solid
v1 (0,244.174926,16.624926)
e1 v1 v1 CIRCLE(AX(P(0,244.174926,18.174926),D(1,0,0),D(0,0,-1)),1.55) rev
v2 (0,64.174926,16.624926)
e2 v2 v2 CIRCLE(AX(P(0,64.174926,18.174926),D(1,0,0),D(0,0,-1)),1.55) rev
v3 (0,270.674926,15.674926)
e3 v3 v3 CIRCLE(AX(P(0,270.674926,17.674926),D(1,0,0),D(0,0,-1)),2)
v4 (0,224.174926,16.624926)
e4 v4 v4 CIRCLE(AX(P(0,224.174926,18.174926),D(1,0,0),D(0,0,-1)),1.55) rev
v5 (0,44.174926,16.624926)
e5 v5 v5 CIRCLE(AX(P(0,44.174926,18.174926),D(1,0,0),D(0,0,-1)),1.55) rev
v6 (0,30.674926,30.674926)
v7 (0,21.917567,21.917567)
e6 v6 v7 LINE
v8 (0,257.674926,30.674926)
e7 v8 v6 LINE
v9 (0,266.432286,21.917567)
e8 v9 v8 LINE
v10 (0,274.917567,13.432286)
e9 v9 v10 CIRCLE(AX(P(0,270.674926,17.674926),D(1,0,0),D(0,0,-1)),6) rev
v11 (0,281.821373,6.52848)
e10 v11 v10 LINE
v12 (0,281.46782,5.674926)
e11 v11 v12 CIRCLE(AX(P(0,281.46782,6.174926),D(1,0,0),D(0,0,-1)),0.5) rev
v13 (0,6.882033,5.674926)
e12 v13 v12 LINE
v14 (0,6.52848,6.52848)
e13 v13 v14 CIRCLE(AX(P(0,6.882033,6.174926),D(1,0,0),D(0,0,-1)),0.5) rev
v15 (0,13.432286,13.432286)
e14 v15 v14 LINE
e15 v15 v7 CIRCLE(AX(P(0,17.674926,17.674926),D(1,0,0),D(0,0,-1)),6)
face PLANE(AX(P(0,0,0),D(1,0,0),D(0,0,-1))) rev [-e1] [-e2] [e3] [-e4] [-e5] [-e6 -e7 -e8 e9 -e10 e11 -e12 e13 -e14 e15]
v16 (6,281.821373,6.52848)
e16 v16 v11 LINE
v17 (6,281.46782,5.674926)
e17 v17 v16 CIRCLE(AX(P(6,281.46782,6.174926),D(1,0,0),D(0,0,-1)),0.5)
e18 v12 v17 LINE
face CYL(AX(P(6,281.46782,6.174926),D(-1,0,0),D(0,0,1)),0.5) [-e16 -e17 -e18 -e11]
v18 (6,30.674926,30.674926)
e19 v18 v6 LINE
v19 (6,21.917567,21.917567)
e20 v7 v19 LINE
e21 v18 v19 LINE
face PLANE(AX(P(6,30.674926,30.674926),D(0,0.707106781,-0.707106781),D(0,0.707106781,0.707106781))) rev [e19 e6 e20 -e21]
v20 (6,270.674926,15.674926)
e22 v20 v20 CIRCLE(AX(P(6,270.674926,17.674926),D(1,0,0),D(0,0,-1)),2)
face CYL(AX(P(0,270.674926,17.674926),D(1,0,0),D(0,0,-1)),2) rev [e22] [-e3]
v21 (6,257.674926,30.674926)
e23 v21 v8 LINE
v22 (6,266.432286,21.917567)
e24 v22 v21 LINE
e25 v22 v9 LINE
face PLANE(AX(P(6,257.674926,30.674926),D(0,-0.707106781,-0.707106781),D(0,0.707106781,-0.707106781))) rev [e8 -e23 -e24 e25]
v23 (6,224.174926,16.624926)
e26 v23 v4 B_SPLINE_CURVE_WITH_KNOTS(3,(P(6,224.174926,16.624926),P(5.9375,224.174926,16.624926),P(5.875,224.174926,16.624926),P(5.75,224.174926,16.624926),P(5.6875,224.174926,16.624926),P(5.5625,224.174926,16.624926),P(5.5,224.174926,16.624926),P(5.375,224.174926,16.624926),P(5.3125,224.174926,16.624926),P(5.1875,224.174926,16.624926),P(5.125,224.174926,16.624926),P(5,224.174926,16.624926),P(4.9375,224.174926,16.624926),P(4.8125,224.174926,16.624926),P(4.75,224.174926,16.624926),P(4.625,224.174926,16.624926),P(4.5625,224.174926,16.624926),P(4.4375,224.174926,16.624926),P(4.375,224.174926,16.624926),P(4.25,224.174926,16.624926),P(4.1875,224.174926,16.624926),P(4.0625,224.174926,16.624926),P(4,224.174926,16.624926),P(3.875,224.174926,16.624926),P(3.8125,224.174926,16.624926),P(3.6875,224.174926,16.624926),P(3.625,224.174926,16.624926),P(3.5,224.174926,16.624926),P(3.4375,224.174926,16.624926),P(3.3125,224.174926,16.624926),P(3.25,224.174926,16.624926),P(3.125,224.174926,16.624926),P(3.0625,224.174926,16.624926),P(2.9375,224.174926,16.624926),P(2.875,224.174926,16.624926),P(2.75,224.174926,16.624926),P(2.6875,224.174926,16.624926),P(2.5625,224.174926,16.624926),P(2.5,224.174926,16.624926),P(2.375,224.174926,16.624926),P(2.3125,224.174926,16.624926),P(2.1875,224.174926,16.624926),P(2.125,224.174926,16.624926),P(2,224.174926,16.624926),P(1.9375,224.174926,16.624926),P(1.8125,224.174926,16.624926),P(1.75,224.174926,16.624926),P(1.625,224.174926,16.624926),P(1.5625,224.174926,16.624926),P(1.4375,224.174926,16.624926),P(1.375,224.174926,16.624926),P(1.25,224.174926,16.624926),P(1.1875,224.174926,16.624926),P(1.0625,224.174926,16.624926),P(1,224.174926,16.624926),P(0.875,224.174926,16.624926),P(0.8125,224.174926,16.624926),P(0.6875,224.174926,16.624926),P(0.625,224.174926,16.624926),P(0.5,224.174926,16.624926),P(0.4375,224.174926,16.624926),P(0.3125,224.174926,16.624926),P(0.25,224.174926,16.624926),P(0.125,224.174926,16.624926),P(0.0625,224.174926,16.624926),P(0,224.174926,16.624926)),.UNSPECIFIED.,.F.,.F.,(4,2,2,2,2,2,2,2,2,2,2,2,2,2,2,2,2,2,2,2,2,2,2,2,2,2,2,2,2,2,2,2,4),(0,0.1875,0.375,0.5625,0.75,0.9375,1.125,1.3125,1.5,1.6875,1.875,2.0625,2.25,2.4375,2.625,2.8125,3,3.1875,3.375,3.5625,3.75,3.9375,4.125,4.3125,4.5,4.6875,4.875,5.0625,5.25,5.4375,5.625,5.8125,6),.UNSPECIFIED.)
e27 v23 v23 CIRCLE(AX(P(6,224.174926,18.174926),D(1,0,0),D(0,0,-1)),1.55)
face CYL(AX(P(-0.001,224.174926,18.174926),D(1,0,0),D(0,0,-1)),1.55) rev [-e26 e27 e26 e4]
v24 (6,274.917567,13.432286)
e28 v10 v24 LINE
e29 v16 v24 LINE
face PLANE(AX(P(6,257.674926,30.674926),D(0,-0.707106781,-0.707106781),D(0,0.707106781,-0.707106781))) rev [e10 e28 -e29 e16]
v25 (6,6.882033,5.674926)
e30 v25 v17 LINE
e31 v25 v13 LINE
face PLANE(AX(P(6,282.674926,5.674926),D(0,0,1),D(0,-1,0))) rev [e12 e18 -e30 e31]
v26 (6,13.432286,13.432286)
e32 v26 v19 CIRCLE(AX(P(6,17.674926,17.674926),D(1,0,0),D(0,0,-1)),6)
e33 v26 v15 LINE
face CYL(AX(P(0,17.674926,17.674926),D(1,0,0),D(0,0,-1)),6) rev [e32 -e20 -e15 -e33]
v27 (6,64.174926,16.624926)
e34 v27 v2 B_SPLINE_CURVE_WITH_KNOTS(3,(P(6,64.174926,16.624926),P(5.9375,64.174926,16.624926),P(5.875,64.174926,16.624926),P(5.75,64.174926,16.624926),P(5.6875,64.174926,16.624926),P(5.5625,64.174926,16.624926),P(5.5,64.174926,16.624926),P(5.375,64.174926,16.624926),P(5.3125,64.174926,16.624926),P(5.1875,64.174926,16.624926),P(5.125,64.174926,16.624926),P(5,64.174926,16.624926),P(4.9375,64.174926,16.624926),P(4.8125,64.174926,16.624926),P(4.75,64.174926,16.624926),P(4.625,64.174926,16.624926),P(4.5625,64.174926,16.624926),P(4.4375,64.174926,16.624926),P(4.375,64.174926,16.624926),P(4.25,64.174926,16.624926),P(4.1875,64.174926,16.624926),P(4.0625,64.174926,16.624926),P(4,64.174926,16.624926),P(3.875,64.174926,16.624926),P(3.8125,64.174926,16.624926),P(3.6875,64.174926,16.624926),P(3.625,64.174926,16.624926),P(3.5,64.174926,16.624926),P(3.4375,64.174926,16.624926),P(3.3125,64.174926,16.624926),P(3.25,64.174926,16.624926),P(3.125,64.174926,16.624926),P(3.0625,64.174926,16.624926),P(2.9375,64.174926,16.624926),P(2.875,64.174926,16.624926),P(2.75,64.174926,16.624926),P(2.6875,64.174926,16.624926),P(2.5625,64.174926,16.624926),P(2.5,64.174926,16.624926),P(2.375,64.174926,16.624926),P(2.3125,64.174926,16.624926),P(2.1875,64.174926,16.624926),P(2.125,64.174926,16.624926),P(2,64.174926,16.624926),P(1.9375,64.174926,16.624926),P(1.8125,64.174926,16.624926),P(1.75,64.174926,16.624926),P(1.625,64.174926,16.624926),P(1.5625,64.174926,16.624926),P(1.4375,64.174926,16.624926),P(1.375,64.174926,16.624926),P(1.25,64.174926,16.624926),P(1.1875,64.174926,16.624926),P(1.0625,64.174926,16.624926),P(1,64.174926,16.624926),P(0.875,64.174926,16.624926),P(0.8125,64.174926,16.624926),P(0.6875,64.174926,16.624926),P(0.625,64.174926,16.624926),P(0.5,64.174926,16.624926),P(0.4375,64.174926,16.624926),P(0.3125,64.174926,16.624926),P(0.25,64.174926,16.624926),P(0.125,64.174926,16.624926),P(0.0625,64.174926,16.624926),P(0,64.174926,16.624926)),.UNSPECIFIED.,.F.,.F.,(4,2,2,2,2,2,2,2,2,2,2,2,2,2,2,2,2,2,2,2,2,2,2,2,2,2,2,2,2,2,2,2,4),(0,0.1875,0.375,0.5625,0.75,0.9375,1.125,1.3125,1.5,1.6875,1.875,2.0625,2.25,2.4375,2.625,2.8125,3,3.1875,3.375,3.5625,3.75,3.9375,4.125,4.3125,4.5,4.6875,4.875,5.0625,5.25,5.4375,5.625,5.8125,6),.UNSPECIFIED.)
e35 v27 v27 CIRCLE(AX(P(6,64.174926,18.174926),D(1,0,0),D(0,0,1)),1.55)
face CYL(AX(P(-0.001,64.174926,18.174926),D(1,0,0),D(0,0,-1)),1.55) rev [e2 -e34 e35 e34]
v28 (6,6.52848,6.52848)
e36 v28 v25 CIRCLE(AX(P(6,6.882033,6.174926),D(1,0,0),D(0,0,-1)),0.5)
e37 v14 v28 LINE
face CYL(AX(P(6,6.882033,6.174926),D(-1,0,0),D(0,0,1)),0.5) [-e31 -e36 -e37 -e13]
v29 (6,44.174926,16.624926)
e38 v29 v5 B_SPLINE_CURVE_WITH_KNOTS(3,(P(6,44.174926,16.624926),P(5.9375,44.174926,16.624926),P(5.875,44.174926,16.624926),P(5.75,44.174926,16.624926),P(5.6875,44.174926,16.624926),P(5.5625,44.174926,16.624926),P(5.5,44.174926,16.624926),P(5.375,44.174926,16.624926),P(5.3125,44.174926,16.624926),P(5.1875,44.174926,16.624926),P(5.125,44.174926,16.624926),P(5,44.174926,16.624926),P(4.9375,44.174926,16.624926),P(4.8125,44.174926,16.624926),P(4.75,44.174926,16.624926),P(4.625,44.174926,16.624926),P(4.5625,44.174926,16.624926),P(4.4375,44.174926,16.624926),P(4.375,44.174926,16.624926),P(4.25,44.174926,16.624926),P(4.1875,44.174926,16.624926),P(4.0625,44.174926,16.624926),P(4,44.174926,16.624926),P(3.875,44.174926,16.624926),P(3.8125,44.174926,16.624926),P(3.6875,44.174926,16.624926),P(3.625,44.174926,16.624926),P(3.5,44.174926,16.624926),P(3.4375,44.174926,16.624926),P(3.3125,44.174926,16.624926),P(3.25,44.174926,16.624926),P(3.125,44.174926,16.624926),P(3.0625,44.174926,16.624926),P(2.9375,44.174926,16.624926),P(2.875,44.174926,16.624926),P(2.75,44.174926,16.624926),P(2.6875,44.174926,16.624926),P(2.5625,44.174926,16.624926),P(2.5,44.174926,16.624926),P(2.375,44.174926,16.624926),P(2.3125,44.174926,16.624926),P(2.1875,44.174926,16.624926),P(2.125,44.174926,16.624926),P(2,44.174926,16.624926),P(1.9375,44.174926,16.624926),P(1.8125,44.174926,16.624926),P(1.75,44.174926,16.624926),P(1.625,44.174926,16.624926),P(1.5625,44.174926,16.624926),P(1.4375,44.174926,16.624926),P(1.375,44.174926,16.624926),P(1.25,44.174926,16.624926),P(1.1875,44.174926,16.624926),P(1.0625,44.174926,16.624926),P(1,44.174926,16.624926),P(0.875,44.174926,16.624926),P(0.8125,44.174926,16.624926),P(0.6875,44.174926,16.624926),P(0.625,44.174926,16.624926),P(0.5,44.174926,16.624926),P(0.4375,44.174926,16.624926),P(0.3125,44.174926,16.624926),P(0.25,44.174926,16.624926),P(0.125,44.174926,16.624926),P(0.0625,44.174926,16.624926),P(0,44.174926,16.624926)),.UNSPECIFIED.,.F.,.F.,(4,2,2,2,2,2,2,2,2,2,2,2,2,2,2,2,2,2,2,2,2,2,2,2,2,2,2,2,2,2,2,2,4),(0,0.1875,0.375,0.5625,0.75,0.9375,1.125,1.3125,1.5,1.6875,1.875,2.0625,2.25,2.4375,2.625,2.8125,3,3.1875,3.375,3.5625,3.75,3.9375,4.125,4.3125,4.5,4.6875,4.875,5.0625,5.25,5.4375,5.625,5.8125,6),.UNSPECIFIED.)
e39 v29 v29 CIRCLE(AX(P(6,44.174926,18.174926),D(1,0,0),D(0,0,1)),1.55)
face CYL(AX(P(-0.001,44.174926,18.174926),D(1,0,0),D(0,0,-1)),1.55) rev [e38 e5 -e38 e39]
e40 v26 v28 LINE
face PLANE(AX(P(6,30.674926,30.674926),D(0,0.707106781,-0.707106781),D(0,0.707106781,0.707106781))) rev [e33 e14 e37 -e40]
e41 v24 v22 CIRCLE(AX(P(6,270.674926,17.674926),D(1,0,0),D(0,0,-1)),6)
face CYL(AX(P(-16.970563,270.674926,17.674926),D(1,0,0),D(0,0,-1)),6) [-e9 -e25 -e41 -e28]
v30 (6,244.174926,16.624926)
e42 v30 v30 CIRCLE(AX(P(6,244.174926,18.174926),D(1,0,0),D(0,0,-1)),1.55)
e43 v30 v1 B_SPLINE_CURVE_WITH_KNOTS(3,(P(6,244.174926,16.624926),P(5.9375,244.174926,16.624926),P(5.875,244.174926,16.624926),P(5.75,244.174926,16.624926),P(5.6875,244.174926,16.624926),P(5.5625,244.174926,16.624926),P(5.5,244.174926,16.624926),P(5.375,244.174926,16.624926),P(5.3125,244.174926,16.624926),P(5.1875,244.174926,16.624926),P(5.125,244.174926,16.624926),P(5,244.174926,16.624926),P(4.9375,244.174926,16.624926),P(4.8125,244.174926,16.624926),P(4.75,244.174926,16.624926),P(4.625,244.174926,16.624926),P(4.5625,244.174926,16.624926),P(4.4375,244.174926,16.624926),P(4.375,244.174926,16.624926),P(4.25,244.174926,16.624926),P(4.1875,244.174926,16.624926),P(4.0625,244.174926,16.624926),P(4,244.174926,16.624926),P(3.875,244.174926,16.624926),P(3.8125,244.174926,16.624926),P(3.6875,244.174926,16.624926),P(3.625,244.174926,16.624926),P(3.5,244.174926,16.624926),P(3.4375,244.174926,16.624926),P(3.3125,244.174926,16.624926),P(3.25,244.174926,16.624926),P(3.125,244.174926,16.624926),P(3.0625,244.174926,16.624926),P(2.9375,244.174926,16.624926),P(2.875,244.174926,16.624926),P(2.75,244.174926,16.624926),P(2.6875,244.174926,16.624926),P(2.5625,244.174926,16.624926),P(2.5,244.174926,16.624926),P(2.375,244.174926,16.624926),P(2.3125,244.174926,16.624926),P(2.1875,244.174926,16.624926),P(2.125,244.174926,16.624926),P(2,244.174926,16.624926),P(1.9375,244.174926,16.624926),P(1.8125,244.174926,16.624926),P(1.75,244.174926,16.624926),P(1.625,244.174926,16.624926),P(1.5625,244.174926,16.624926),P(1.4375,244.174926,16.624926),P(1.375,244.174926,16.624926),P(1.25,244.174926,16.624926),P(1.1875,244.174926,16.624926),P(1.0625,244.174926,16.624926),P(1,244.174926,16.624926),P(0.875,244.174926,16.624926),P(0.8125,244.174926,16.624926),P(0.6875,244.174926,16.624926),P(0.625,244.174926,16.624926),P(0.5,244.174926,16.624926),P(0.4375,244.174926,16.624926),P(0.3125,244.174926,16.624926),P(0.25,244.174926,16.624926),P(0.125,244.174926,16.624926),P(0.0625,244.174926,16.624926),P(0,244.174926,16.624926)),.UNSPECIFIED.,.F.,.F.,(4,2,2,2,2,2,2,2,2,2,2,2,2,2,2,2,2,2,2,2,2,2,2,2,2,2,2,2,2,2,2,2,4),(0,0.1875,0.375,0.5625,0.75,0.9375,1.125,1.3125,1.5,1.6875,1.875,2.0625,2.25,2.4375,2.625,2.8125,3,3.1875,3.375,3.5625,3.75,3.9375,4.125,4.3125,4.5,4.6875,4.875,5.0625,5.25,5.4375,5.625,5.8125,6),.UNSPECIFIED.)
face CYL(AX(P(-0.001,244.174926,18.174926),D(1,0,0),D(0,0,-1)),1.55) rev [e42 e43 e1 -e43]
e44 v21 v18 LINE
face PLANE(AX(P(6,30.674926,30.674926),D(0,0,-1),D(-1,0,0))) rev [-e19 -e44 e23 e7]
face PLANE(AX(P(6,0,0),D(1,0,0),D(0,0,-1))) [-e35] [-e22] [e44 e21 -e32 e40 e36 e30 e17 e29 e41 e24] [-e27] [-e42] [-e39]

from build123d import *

# Parameters (mm, degrees)
BOSS_EXTRUDE1_DEPTH = 6
FILLET1_R           = 0.5
SKETCH4_R           = 6
BOSS_EXTRUDE2_DEPTH = 6
SKETCH3_R           = 2
SKETCH3_R_2         = 6
CUT_EXTRUDE1_DEPTH  = 284.694910827
CUT_EXTRUDE2_REACH  = 285.695
SKETCH6_R           = 1.55


with BuildPart() as part:
    # Sketch2 → Boss-Extrude1 (new body)
    with BuildSketch(Plane(origin=(0, 0, 0), x_dir=(0, 0, -1), z_dir=(1, 0, 0))):
        Polygon((-30.67492643, 30.67492643), (-30.67492643, 257.67492643), (-5.67492643, 282.67492643), (-5.67492643, 5.67492643), align=None)
    extrude(amount=BOSS_EXTRUDE1_DEPTH)

    # Fillet1
    fillet1_edges = [part.edges().sort_by_distance(p)[0] for p in [
        (3, 282.67492643, 5.67492643),
        (3, 5.67492643, 5.67492643),
    ]]
    fillet(fillet1_edges, radius=FILLET1_R)

    # Sketch4 → Boss-Extrude2 (add)
    with BuildSketch(Plane(origin=(6, 0, 0), x_dir=(0, 0, -1), z_dir=(1, 0, 0))):
        with Locations((-17.67492643, 270.67492643)):
            Circle(SKETCH4_R)
    extrude(amount=-BOSS_EXTRUDE2_DEPTH)

    # Sketch3 → Cut-Extrude1 (cut, through all)
    with BuildSketch(Plane(origin=(6, 0, 0), x_dir=(0, 0, -1), z_dir=(1, 0, 0))):
        with Locations((-17.67492643, 270.67492643)):
            Circle(SKETCH3_R)
        with Locations((-17.67492643, 17.67492643)):
            Circle(SKETCH3_R_2)
    extrude(amount=-CUT_EXTRUDE1_DEPTH, mode=Mode.SUBTRACT)

    # Sketch6 → Cut-Extrude2 (cut, up to next)
    with BuildSketch(Plane(origin=(6, 0, 0), x_dir=(0, 0, -1), z_dir=(1, 0, 0)), mode=Mode.PRIVATE) as cut_extrude2_sk1:
        with Locations((-18.17492643, 244.17492643)):
            Circle(SKETCH6_R)
    cut_extrude2_tool1 = extrude(cut_extrude2_sk1.sketch, amount=-CUT_EXTRUDE2_REACH, mode=Mode.PRIVATE) & part.part
    # Sketch6 → Cut-Extrude2 (cut, up to next)
    with BuildSketch(Plane(origin=(6, 0, 0), x_dir=(0, 0, -1), z_dir=(1, 0, 0)), mode=Mode.PRIVATE) as cut_extrude2_sk2:
        with Locations((-18.17492643, 224.17492643)):
            Circle(SKETCH6_R)
    cut_extrude2_tool2 = extrude(cut_extrude2_sk2.sketch, amount=-CUT_EXTRUDE2_REACH, mode=Mode.PRIVATE) & part.part
    # Sketch6 → Cut-Extrude2 (cut, up to next)
    with BuildSketch(Plane(origin=(6, 0, 0), x_dir=(0, 0, -1), z_dir=(1, 0, 0)), mode=Mode.PRIVATE) as cut_extrude2_sk3:
        with Locations((-18.17492643, 64.17492643)):
            Circle(SKETCH6_R)
    cut_extrude2_tool3 = extrude(cut_extrude2_sk3.sketch, amount=-CUT_EXTRUDE2_REACH, mode=Mode.PRIVATE) & part.part
    # Sketch6 → Cut-Extrude2 (cut, up to next)
    with BuildSketch(Plane(origin=(6, 0, 0), x_dir=(0, 0, -1), z_dir=(1, 0, 0)), mode=Mode.PRIVATE) as cut_extrude2_sk4:
        with Locations((-18.17492643, 44.17492643)):
            Circle(SKETCH6_R)
    cut_extrude2_tool4 = extrude(cut_extrude2_sk4.sketch, amount=-CUT_EXTRUDE2_REACH, mode=Mode.PRIVATE) & part.part
    add(cut_extrude2_tool1.solids().sort_by_distance((6, 244.174926, 18.174926))[0], mode=Mode.SUBTRACT)
    add(cut_extrude2_tool2.solids().sort_by_distance((6, 224.174926, 18.174926))[0], mode=Mode.SUBTRACT)
    add(cut_extrude2_tool3.solids().sort_by_distance((6, 64.174926, 18.174926))[0], mode=Mode.SUBTRACT)
    add(cut_extrude2_tool4.solids().sort_by_distance((6, 44.174926, 18.174926))[0], mode=Mode.SUBTRACT)


solid = part.part
